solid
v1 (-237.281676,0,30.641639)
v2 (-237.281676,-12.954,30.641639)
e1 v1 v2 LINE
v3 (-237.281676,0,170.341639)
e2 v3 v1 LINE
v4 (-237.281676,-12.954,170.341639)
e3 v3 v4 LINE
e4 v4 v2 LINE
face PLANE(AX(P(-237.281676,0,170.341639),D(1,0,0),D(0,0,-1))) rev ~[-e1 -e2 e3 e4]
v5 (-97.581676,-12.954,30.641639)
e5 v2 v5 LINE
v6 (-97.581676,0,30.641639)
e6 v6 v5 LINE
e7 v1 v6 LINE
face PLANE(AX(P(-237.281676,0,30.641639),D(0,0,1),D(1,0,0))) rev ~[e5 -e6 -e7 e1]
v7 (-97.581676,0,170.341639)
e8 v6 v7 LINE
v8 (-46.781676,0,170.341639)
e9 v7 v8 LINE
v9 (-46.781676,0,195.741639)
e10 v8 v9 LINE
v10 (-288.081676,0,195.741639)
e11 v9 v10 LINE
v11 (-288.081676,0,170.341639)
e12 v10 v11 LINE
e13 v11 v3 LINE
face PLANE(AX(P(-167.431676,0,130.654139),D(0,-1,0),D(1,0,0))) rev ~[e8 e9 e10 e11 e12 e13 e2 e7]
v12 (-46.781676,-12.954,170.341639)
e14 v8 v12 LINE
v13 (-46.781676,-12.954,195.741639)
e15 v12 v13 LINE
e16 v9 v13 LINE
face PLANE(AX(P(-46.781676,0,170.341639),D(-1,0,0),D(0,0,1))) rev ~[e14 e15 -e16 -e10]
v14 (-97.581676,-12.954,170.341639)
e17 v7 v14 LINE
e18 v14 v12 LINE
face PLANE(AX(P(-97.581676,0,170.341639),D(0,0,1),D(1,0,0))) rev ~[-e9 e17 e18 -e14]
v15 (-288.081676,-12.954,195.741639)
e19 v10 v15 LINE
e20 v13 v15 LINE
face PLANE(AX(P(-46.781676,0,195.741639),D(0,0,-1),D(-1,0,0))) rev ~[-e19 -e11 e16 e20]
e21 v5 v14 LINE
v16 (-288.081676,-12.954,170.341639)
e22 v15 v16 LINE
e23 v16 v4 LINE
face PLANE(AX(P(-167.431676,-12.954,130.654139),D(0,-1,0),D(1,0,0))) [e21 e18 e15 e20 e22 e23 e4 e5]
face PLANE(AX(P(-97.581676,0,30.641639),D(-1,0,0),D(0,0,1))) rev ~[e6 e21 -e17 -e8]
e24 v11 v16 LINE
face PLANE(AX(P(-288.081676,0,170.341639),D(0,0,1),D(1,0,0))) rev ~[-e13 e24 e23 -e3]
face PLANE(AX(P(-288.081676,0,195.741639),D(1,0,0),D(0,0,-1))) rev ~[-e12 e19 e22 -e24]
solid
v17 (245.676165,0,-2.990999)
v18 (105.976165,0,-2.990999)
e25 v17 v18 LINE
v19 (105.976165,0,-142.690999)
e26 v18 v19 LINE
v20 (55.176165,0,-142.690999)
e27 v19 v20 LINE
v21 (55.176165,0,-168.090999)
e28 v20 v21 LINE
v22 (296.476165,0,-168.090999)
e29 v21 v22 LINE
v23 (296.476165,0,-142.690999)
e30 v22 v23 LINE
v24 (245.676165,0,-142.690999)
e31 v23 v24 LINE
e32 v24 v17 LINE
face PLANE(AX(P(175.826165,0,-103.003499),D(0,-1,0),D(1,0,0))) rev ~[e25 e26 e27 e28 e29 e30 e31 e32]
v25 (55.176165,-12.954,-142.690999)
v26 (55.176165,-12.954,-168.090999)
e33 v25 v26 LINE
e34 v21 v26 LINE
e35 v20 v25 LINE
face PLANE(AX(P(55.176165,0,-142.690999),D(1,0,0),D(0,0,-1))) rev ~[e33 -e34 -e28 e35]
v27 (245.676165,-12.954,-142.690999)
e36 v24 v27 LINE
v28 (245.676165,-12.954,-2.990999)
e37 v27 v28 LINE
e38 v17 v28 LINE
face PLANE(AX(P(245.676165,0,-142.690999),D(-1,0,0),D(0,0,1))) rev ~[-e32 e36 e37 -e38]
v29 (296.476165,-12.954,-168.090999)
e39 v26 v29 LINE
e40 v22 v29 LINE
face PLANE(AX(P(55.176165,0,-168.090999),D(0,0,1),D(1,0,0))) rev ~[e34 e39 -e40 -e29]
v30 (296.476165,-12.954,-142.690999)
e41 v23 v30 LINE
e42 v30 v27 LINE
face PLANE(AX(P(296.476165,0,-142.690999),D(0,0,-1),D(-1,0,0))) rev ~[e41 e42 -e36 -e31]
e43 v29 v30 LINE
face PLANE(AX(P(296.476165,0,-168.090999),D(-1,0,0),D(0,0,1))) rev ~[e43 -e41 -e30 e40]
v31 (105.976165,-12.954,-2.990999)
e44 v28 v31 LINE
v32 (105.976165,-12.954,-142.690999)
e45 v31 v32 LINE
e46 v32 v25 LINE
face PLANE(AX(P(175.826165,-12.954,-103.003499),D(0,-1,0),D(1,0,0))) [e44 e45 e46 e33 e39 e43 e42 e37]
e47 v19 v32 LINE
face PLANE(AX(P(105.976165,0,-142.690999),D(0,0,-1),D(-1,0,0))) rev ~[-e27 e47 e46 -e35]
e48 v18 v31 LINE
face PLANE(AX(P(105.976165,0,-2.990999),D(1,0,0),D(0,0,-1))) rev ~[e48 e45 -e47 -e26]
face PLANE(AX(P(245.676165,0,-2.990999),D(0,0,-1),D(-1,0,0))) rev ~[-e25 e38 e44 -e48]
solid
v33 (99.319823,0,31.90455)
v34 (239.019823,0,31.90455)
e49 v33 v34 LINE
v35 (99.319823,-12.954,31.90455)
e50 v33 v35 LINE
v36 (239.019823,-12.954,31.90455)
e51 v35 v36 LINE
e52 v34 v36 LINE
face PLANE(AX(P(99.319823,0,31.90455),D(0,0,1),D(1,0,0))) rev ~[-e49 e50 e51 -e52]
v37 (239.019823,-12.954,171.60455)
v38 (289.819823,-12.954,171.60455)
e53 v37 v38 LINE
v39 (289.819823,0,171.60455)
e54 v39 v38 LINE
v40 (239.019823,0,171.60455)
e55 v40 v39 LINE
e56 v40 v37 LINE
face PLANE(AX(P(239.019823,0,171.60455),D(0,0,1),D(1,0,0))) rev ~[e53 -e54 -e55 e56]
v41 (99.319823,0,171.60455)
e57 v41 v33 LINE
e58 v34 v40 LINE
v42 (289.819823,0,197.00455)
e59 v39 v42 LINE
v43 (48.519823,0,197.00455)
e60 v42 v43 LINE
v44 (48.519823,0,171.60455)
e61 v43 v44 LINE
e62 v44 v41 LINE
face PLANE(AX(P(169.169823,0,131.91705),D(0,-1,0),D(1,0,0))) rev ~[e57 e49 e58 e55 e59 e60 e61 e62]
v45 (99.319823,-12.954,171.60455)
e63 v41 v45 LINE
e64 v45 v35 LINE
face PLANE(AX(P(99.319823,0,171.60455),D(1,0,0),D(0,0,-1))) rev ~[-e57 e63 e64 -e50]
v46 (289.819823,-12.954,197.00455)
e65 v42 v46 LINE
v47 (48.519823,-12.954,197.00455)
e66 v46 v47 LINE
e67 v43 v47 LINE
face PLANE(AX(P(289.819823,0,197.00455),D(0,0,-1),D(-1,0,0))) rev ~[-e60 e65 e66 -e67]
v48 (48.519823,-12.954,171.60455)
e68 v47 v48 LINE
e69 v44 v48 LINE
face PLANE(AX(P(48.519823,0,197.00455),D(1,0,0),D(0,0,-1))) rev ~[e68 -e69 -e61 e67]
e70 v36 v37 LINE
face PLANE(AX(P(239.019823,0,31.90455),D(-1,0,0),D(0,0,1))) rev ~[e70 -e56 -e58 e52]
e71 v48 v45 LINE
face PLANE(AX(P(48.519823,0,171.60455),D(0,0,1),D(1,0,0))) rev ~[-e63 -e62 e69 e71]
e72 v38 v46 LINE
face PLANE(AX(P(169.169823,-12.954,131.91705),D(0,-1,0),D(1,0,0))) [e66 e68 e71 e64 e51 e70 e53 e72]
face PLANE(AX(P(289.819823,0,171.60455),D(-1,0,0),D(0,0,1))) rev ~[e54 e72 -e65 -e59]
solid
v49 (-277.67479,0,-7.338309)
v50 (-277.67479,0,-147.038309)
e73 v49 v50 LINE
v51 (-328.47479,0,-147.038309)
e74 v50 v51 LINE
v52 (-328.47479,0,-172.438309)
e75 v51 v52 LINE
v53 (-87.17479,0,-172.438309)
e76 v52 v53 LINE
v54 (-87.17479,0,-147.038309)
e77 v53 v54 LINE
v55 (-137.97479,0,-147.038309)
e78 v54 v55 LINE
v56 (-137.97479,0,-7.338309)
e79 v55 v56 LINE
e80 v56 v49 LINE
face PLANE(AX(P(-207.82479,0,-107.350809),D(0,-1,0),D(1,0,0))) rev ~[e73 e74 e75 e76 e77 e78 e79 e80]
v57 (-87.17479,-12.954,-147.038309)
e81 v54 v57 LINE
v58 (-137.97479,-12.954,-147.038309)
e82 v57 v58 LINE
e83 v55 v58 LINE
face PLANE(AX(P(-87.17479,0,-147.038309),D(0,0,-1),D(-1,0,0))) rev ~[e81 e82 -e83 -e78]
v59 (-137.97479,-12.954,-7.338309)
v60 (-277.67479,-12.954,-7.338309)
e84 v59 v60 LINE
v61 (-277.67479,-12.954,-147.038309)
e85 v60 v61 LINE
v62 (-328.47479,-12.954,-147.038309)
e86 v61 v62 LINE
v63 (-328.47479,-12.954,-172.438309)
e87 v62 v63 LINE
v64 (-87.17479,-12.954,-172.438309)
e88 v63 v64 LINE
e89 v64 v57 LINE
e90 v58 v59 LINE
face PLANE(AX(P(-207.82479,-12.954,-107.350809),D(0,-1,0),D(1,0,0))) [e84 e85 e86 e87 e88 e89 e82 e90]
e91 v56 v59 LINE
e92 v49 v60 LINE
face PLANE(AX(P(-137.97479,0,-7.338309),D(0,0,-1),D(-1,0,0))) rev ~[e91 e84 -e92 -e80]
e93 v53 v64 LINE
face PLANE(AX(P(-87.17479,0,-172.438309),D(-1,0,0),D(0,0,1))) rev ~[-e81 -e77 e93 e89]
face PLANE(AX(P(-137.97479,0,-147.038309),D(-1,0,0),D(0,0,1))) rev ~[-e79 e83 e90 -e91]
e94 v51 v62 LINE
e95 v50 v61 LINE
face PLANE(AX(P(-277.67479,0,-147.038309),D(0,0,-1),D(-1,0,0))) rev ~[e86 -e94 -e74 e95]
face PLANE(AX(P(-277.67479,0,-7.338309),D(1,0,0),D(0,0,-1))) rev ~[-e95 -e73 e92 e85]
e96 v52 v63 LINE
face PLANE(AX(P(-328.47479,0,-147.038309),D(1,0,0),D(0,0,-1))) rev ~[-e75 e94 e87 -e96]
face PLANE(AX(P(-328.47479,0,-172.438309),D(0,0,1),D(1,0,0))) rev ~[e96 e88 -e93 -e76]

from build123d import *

# Parameters (mm, degrees)
F1_DEPTH = 12.954


with BuildPart() as f1:
    # F0 (on Front) → F1 (new body)
    with BuildSketch(Plane.XZ):
        Polygon((-237.281676, 170.341639), (-237.281676, 30.641639), (-97.581676, 30.641639), (-97.581676, 170.341639), (-46.781676, 170.341639), (-46.781676, 195.741639), (-288.081676, 195.741639), (-288.081676, 170.341639), align=None)
        Polygon((99.319823, 31.90455), (239.019823, 31.90455), (239.019823, 171.60455), (289.819823, 171.60455), (289.819823, 197.00455), (48.519823, 197.00455), (48.519823, 171.60455), (99.319823, 171.60455), align=None)
        Polygon((-137.97479, -7.338309), (-277.67479, -7.338309), (-277.67479, -147.038309), (-328.47479, -147.038309), (-328.47479, -172.438309), (-87.17479, -172.438309), (-87.17479, -147.038309), (-137.97479, -147.038309), align=None)
        Polygon((245.676165, -142.690999), (245.676165, -2.990999), (105.976165, -2.990999), (105.976165, -142.690999), (55.176165, -142.690999), (55.176165, -168.090999), (296.476165, -168.090999), (296.476165, -142.690999), align=None)
    extrude(amount=F1_DEPTH)


solid = f1.part
